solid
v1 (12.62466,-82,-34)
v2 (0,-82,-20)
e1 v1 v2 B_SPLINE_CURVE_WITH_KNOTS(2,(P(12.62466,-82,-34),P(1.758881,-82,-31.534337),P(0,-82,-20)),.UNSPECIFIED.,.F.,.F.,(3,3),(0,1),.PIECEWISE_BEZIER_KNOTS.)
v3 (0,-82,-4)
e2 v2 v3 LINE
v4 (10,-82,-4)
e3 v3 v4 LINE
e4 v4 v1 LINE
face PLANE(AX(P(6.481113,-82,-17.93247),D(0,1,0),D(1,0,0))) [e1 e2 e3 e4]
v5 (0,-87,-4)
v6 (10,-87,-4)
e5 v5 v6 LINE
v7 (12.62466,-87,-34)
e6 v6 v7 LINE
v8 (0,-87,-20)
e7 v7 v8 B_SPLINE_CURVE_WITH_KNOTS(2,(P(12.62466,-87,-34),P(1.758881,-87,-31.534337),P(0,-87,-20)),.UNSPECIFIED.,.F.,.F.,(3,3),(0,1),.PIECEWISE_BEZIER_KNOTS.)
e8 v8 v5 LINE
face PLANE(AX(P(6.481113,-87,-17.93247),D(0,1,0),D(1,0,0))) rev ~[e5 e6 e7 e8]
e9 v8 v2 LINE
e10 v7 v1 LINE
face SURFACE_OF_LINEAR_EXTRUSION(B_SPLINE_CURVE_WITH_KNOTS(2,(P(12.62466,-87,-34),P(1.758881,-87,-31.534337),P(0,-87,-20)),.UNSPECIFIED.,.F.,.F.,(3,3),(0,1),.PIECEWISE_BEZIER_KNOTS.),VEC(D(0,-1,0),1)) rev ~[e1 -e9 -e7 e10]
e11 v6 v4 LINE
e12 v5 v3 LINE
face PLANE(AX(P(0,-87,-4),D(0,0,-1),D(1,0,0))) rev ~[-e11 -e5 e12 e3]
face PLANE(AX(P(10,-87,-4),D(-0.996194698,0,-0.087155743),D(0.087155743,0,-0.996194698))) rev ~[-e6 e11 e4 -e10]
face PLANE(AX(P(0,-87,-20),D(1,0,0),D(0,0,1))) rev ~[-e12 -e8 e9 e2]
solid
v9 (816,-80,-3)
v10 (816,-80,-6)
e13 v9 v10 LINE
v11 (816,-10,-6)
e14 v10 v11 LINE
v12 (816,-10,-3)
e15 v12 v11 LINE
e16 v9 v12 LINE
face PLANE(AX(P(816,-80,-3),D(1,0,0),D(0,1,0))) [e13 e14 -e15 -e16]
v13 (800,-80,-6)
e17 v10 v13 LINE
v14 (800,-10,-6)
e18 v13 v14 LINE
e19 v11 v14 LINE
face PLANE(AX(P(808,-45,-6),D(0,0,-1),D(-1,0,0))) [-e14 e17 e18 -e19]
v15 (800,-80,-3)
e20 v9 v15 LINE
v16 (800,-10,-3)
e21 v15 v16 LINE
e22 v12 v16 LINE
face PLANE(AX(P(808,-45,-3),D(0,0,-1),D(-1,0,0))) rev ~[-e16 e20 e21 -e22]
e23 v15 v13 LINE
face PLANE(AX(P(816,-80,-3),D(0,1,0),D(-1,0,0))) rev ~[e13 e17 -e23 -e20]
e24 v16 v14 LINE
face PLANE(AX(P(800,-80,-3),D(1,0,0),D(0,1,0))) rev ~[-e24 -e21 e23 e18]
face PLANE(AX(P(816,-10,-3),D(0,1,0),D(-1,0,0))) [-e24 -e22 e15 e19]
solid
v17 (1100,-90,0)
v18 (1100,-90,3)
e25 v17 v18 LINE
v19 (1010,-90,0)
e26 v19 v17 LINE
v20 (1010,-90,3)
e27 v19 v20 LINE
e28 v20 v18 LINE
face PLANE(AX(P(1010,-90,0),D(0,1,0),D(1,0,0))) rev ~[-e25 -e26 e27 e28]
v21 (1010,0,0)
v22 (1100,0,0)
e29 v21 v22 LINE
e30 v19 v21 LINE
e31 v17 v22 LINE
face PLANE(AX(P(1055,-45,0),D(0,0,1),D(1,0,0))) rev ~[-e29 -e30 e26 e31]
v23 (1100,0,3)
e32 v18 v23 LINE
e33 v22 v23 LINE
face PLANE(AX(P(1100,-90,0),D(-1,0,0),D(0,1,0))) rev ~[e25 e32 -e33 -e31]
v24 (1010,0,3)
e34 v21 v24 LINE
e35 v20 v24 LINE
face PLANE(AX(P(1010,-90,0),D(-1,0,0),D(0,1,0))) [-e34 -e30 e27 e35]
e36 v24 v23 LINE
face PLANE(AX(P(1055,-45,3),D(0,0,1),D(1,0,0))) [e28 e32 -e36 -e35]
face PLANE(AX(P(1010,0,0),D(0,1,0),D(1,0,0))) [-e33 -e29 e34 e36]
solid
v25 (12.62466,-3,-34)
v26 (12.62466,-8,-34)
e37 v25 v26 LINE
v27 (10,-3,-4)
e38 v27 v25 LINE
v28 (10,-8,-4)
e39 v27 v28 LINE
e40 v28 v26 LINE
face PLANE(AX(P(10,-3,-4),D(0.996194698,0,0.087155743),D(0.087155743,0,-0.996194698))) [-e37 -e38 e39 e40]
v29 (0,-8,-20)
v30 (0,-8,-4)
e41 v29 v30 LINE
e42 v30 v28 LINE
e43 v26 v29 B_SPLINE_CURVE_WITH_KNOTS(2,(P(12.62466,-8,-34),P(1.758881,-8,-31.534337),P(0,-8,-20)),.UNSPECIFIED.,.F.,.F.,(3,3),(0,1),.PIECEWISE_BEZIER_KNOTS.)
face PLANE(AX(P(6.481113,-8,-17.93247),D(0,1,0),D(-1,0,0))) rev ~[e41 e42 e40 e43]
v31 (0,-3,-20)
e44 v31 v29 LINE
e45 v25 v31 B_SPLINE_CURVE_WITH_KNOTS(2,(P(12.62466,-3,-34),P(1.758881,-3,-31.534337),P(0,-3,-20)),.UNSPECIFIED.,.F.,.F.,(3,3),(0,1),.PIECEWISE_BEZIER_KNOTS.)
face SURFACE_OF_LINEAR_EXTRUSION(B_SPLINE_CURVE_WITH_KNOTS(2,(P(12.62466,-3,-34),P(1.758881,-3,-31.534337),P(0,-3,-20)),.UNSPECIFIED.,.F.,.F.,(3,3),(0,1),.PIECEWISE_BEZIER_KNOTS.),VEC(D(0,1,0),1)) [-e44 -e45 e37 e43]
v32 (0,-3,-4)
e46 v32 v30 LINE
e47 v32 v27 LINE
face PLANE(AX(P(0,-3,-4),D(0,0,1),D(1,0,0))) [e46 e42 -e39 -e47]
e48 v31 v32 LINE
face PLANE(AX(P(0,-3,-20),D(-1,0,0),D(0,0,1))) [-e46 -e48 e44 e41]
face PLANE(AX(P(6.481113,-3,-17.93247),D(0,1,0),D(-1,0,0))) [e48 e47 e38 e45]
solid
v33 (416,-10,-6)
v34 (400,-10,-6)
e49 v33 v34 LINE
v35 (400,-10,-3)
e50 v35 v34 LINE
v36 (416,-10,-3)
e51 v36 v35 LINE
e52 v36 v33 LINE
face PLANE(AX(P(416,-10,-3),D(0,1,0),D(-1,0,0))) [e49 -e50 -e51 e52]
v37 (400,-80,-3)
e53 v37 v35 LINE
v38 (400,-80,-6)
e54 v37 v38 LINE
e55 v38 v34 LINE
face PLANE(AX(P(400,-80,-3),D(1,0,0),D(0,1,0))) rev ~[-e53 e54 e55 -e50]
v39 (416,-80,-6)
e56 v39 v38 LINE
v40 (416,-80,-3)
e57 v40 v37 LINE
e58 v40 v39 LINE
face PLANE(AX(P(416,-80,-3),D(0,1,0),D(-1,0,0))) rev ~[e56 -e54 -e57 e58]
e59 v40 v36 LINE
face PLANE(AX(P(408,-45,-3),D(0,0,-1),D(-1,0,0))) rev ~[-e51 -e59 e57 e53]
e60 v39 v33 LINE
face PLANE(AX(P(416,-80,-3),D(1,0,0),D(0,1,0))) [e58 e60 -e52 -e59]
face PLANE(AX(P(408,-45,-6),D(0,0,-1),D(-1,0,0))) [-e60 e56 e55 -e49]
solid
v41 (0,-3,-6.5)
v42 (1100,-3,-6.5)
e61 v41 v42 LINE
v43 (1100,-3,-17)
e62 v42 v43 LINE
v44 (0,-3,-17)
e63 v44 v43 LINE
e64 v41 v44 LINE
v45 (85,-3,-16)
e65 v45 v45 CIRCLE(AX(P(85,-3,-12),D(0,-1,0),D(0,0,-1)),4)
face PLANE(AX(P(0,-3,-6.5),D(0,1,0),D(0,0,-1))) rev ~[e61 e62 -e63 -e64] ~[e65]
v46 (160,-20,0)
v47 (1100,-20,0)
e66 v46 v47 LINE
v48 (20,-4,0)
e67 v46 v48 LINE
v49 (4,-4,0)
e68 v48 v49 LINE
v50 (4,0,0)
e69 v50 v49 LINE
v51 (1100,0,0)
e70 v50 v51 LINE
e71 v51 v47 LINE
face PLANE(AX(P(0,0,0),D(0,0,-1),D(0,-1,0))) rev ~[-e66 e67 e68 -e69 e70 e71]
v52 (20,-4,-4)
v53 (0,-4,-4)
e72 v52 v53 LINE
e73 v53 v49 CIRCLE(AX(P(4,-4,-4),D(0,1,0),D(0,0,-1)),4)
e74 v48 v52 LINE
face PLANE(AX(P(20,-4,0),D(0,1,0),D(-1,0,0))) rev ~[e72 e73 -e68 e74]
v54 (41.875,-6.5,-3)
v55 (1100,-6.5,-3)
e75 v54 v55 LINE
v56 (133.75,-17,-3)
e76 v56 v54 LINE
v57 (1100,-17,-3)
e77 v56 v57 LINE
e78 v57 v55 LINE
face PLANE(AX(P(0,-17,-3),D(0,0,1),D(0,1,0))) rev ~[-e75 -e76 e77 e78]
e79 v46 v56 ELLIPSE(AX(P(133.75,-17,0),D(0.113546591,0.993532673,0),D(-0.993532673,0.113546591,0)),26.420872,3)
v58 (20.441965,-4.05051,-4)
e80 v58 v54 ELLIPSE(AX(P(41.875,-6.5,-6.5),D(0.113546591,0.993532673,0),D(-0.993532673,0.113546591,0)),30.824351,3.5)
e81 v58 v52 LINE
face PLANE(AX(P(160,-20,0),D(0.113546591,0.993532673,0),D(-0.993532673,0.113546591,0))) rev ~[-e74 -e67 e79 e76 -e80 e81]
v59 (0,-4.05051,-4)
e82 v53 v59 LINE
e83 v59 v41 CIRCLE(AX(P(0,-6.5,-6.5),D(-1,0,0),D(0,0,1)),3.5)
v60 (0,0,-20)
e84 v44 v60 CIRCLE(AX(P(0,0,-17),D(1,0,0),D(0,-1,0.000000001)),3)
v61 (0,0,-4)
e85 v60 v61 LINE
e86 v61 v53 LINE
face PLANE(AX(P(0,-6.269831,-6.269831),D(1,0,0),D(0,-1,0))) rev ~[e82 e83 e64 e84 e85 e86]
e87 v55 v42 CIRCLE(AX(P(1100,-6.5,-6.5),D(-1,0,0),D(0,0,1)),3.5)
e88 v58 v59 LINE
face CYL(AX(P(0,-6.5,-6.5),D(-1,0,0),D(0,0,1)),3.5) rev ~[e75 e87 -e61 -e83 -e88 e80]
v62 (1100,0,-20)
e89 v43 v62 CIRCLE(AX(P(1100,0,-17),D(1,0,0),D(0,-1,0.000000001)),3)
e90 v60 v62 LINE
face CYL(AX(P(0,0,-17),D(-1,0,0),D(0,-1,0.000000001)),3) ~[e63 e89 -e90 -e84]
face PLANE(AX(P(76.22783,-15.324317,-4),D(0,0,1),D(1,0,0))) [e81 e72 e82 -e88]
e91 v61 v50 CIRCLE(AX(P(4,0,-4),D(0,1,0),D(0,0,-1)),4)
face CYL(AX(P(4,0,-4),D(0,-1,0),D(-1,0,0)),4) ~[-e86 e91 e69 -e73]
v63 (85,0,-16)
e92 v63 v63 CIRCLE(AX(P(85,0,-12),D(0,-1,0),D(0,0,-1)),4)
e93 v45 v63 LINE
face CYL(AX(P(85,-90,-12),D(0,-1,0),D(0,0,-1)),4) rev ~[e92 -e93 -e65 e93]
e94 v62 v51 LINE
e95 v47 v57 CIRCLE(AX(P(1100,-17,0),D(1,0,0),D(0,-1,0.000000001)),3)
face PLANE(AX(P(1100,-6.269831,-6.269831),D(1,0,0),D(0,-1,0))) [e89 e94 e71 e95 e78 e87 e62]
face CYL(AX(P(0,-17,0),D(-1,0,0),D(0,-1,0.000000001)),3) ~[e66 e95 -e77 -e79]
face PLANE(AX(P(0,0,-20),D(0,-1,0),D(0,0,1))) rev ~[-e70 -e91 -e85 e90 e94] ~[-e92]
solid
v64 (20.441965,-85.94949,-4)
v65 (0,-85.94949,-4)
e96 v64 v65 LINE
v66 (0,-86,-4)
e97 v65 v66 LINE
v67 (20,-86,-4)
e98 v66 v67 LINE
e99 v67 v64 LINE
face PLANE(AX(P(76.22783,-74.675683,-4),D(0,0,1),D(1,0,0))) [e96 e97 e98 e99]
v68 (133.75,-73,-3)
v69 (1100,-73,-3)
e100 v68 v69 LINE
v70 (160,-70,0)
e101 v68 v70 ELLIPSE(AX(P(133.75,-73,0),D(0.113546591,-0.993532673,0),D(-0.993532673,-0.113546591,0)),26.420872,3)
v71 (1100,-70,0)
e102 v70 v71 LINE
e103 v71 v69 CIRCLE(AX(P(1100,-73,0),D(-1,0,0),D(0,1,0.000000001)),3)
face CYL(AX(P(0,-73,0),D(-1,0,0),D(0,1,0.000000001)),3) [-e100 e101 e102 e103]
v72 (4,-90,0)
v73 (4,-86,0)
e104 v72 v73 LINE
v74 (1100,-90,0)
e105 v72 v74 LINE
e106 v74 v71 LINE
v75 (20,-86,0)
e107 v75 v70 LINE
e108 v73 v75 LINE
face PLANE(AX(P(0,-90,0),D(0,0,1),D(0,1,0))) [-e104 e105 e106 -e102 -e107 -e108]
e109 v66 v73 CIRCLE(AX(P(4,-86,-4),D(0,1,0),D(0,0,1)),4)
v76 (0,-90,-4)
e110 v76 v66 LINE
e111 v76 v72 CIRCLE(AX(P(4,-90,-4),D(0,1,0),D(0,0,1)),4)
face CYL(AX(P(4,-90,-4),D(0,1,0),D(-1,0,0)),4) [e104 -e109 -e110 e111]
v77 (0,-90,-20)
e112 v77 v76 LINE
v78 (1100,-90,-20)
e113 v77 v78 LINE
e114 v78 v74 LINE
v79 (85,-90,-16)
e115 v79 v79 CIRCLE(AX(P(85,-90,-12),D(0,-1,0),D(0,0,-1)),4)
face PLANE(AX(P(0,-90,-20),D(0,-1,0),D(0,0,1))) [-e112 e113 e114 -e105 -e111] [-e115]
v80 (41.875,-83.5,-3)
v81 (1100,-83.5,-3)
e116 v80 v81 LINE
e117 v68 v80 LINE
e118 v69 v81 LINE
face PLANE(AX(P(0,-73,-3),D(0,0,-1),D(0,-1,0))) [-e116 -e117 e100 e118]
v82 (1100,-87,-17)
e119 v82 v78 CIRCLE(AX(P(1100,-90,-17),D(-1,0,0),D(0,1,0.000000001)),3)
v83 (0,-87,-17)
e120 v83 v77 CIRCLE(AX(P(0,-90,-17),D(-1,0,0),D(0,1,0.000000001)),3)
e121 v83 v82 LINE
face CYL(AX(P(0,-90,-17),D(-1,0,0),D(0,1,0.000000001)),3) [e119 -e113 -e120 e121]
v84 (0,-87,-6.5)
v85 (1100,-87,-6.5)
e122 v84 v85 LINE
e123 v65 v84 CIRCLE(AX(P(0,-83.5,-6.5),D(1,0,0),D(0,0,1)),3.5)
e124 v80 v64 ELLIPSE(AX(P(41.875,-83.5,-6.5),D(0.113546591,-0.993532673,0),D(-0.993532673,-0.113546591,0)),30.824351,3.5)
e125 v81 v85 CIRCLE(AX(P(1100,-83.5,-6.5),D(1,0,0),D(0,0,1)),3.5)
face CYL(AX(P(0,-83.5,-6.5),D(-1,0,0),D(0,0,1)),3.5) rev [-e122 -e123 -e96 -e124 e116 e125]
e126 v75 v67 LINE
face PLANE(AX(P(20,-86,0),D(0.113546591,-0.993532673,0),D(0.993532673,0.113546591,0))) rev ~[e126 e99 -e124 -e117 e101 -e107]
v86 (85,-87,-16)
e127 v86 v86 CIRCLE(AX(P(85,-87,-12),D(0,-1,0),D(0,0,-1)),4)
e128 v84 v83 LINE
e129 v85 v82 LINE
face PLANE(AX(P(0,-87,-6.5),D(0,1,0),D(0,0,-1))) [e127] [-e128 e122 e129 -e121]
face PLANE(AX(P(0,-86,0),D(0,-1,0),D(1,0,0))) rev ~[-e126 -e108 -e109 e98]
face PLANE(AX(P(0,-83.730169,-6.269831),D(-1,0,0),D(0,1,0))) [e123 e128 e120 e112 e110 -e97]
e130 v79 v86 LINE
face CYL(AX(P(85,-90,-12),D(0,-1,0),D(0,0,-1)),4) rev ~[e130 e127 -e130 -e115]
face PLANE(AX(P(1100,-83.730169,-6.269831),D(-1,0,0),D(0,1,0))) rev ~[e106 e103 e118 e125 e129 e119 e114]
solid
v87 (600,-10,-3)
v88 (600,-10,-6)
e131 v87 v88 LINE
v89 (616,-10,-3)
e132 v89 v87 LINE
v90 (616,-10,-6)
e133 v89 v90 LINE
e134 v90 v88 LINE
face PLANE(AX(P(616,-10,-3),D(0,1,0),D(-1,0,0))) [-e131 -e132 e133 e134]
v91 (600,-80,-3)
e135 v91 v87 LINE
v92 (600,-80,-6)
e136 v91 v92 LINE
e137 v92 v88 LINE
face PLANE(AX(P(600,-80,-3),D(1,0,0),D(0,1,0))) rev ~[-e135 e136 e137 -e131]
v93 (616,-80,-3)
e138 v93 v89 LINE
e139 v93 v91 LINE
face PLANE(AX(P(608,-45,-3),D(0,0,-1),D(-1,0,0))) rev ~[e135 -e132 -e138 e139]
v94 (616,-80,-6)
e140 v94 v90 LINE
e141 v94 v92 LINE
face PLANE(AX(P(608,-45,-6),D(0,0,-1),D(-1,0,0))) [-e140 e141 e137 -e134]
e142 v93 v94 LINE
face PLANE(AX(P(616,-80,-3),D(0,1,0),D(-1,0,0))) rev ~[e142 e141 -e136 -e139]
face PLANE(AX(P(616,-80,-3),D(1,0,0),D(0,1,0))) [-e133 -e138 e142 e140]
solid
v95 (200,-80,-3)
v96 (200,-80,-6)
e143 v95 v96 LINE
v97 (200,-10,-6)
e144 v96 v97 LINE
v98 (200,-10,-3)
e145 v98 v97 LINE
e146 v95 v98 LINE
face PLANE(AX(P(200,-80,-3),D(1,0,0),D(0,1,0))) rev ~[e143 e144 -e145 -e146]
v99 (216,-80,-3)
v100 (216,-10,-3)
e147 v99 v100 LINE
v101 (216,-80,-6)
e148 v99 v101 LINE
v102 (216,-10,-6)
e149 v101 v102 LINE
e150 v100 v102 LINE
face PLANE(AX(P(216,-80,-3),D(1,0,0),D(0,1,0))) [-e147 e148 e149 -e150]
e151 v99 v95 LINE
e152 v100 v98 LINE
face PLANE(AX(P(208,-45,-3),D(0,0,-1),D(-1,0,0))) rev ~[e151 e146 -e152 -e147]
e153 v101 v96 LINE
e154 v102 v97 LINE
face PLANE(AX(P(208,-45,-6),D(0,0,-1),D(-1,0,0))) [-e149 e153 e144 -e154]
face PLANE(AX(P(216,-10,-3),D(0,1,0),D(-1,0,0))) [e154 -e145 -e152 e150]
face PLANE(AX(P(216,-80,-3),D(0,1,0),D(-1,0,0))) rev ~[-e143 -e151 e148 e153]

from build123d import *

# Parameters (mm, degrees)
L_ANGLE_EQUAL_20X20X3_6_DEPTH = 1100
L_ANGLE_EQUAL_20X20X3_7_DEPTH = 1100
SKETCH16_R                    = 4
CUT_EXTRUDE1_DEPTH            = 1104.85687478
SKETCH18_W                    = 90
SKETCH18_H                    = 90
BOSS_EXTRUDE1_DEPTH           = 3
CUT_EXTRUDE2_DEPTH            = 4
BOSS_EXTRUDE2_DEPTH           = 5
BOSS_EXTRUDE3_DEPTH           = 5
FILLET1_R                     = 4
FILLET2_R                     = 4
SKETCH23_W                    = 16
SKETCH23_H                    = 70
BOSS_EXTRUDE4_DEPTH           = 3
BOSS_EXTRUDE4_2_DEPTH         = 3
BOSS_EXTRUDE4_3_DEPTH         = 3
BOSS_EXTRUDE4_4_DEPTH         = 3


with BuildPart() as part:
    # Sketch17 → L angle (equal) 20X20X3(6) (new body)
    with BuildSketch(Plane(origin=(0, 0, 0), x_dir=(0, -1, 0), z_dir=(1, 0, 0))):
        with BuildLine():
            Line((0, 20), (0, 0))
            Line((0, 0), (20, 0))
            ThreePointArc((20, 0), (19.121320344, 2.121320344), (17, 3))
            Line((17, 3), (6.5, 3))
            ThreePointArc((6.5, 3), (4.025126266, 4.025126266), (3, 6.5))
            Line((3, 6.5), (3, 17))
            ThreePointArc((3, 17), (2.121320344, 19.121320344), (0, 20))
        make_face()
    extrude(amount=L_ANGLE_EQUAL_20X20X3_6_DEPTH)


with BuildPart() as body_2:
    # Sketch19 → L angle (equal) 20X20X3(7) (new body)
    with BuildSketch(Plane(origin=(0, -90, 0), x_dir=(0, 1, 0), z_dir=(-1, 0, 0))):
        with BuildLine():
            Line((0, 20), (0, 0))
            Line((0, 0), (20, 0))
            ThreePointArc((20, 0), (19.121320344, 2.121320344), (17, 3))
            Line((17, 3), (6.5, 3))
            ThreePointArc((6.5, 3), (4.025126266, 4.025126266), (3, 6.5))
            Line((3, 6.5), (3, 17))
            ThreePointArc((3, 17), (2.121320344, 19.121320344), (0, 20))
        make_face()
    extrude(amount=-L_ANGLE_EQUAL_20X20X3_7_DEPTH)


with BuildPart() as cut_extrude1_tool:
    # Sketch16 → Cut-Extrude1 (new, through all)
    with BuildSketch(Plane.XZ.offset(90)):
        with Locations(Location((85, -12, 0), (0, 0, 270))):
            Circle(SKETCH16_R)
    extrude(amount=-CUT_EXTRUDE1_DEPTH)


with BuildPart() as part_1:
    add(part.part)

    # Cut-Extrude1: cut by cut_extrude1_tool
    add(cut_extrude1_tool.part, mode=Mode.SUBTRACT)


with BuildPart() as body_2_1:
    add(body_2.part)

    # Cut-Extrude1: cut by cut_extrude1_tool
    add(cut_extrude1_tool.part, mode=Mode.SUBTRACT)


with BuildPart() as body_3:
    # Sketch18 → Boss-Extrude1 (new body)
    with BuildSketch(Plane.XY):
        with Locations((1055, -45)):
            Rectangle(SKETCH18_W, SKETCH18_H)
    extrude(amount=BOSS_EXTRUDE1_DEPTH)


with BuildPart() as cut_extrude2_tool:
    # Sketch20 → Cut-Extrude2 (new body)
    with BuildSketch(Plane.XY):
        Polygon((0, -86), (20, -86), (160, -70), (0, -70), align=None)
        Polygon((0, -20), (160, -20), (20, -4), (0, -4), align=None)
    extrude(amount=-CUT_EXTRUDE2_DEPTH)


with BuildPart() as part_2:
    add(part_1.part)

    # Cut-Extrude2: cut by cut_extrude2_tool
    add(cut_extrude2_tool.part, mode=Mode.SUBTRACT)

    # Fillet2
    fillet2_edges = [part_2.edges().sort_by_distance(p)[0] for p in [
        (0, -2, 0),
    ]]
    fillet(fillet2_edges, radius=FILLET2_R)


with BuildPart() as body_2_2:
    add(body_2_1.part)

    # Cut-Extrude2: cut by cut_extrude2_tool
    add(cut_extrude2_tool.part, mode=Mode.SUBTRACT)

    # Fillet1
    fillet1_edges = [body_2_2.edges().sort_by_distance(p)[0] for p in [
        (0, -88, 0),
    ]]
    fillet(fillet1_edges, radius=FILLET1_R)


with BuildPart() as body_4:
    # Sketch21 → Boss-Extrude2 (new body)
    with BuildSketch(Plane.XZ.offset(3)):
        with BuildLine():
            Line((0, -4), (10, -4))
            Line((10, -4), (12.62465991, -34))
            add(Edge.make_bspline(
                [(12.62465991, -34), (1.75888124, -31.534337235), (0, -20)],
                knots=[0, 0, 0, 1, 1, 1], degree=2))
            Line((0, -20), (0, -4))
        make_face()
    extrude(amount=BOSS_EXTRUDE2_DEPTH)


with BuildPart() as body_5:
    # Sketch22 → Boss-Extrude3 (new body)
    with BuildSketch(Plane(origin=(0, -87, 0), x_dir=(1, 0, 0), z_dir=(0, 1, 0))):
        with BuildLine():
            Line((0, 20), (0, 4))
            Line((0, 4), (10, 4))
            Line((10, 4), (12.62465991, 34))
            add(Edge.make_bspline(
                [(12.62465991, 34), (1.75888124, 31.534337235), (0, 20)],
                knots=[0, 0, 0, 1, 1, 1], degree=2))
        make_face()
    extrude(amount=BOSS_EXTRUDE3_DEPTH)


with BuildPart() as body_6:
    # Sketch23 → Boss-Extrude4 (new body)
    with BuildSketch(Plane(origin=(0, 0, -3), x_dir=(-1, 0, 0), z_dir=(0, 0, -1))):
        with Locations((-408, -45)):
            Rectangle(SKETCH23_W, SKETCH23_H)
    extrude(amount=BOSS_EXTRUDE4_DEPTH)


with BuildPart() as body_7:
    # Sketch23 → Boss-Extrude4 2 (new body)
    with BuildSketch(Plane(origin=(0, 0, -3), x_dir=(-1, 0, 0), z_dir=(0, 0, -1))):
        with Locations((-608, -45)):
            Rectangle(SKETCH23_W, SKETCH23_H)
    extrude(amount=BOSS_EXTRUDE4_2_DEPTH)


with BuildPart() as body_8:
    # Sketch23 → Boss-Extrude4 3 (new body)
    with BuildSketch(Plane(origin=(0, 0, -3), x_dir=(-1, 0, 0), z_dir=(0, 0, -1))):
        with Locations((-208, -45)):
            Rectangle(SKETCH23_W, SKETCH23_H)
    extrude(amount=BOSS_EXTRUDE4_3_DEPTH)


with BuildPart() as body_9:
    # Sketch23 → Boss-Extrude4 4 (new body)
    with BuildSketch(Plane(origin=(0, 0, -3), x_dir=(-1, 0, 0), z_dir=(0, 0, -1))):
        with Locations((-808, -45)):
            Rectangle(SKETCH23_W, SKETCH23_H)
    extrude(amount=BOSS_EXTRUDE4_4_DEPTH)


solid = Compound([body_3.part, part_2.part, body_2_2.part, body_4.part, body_5.part, body_6.part, body_7.part, body_8.part, body_9.part])
